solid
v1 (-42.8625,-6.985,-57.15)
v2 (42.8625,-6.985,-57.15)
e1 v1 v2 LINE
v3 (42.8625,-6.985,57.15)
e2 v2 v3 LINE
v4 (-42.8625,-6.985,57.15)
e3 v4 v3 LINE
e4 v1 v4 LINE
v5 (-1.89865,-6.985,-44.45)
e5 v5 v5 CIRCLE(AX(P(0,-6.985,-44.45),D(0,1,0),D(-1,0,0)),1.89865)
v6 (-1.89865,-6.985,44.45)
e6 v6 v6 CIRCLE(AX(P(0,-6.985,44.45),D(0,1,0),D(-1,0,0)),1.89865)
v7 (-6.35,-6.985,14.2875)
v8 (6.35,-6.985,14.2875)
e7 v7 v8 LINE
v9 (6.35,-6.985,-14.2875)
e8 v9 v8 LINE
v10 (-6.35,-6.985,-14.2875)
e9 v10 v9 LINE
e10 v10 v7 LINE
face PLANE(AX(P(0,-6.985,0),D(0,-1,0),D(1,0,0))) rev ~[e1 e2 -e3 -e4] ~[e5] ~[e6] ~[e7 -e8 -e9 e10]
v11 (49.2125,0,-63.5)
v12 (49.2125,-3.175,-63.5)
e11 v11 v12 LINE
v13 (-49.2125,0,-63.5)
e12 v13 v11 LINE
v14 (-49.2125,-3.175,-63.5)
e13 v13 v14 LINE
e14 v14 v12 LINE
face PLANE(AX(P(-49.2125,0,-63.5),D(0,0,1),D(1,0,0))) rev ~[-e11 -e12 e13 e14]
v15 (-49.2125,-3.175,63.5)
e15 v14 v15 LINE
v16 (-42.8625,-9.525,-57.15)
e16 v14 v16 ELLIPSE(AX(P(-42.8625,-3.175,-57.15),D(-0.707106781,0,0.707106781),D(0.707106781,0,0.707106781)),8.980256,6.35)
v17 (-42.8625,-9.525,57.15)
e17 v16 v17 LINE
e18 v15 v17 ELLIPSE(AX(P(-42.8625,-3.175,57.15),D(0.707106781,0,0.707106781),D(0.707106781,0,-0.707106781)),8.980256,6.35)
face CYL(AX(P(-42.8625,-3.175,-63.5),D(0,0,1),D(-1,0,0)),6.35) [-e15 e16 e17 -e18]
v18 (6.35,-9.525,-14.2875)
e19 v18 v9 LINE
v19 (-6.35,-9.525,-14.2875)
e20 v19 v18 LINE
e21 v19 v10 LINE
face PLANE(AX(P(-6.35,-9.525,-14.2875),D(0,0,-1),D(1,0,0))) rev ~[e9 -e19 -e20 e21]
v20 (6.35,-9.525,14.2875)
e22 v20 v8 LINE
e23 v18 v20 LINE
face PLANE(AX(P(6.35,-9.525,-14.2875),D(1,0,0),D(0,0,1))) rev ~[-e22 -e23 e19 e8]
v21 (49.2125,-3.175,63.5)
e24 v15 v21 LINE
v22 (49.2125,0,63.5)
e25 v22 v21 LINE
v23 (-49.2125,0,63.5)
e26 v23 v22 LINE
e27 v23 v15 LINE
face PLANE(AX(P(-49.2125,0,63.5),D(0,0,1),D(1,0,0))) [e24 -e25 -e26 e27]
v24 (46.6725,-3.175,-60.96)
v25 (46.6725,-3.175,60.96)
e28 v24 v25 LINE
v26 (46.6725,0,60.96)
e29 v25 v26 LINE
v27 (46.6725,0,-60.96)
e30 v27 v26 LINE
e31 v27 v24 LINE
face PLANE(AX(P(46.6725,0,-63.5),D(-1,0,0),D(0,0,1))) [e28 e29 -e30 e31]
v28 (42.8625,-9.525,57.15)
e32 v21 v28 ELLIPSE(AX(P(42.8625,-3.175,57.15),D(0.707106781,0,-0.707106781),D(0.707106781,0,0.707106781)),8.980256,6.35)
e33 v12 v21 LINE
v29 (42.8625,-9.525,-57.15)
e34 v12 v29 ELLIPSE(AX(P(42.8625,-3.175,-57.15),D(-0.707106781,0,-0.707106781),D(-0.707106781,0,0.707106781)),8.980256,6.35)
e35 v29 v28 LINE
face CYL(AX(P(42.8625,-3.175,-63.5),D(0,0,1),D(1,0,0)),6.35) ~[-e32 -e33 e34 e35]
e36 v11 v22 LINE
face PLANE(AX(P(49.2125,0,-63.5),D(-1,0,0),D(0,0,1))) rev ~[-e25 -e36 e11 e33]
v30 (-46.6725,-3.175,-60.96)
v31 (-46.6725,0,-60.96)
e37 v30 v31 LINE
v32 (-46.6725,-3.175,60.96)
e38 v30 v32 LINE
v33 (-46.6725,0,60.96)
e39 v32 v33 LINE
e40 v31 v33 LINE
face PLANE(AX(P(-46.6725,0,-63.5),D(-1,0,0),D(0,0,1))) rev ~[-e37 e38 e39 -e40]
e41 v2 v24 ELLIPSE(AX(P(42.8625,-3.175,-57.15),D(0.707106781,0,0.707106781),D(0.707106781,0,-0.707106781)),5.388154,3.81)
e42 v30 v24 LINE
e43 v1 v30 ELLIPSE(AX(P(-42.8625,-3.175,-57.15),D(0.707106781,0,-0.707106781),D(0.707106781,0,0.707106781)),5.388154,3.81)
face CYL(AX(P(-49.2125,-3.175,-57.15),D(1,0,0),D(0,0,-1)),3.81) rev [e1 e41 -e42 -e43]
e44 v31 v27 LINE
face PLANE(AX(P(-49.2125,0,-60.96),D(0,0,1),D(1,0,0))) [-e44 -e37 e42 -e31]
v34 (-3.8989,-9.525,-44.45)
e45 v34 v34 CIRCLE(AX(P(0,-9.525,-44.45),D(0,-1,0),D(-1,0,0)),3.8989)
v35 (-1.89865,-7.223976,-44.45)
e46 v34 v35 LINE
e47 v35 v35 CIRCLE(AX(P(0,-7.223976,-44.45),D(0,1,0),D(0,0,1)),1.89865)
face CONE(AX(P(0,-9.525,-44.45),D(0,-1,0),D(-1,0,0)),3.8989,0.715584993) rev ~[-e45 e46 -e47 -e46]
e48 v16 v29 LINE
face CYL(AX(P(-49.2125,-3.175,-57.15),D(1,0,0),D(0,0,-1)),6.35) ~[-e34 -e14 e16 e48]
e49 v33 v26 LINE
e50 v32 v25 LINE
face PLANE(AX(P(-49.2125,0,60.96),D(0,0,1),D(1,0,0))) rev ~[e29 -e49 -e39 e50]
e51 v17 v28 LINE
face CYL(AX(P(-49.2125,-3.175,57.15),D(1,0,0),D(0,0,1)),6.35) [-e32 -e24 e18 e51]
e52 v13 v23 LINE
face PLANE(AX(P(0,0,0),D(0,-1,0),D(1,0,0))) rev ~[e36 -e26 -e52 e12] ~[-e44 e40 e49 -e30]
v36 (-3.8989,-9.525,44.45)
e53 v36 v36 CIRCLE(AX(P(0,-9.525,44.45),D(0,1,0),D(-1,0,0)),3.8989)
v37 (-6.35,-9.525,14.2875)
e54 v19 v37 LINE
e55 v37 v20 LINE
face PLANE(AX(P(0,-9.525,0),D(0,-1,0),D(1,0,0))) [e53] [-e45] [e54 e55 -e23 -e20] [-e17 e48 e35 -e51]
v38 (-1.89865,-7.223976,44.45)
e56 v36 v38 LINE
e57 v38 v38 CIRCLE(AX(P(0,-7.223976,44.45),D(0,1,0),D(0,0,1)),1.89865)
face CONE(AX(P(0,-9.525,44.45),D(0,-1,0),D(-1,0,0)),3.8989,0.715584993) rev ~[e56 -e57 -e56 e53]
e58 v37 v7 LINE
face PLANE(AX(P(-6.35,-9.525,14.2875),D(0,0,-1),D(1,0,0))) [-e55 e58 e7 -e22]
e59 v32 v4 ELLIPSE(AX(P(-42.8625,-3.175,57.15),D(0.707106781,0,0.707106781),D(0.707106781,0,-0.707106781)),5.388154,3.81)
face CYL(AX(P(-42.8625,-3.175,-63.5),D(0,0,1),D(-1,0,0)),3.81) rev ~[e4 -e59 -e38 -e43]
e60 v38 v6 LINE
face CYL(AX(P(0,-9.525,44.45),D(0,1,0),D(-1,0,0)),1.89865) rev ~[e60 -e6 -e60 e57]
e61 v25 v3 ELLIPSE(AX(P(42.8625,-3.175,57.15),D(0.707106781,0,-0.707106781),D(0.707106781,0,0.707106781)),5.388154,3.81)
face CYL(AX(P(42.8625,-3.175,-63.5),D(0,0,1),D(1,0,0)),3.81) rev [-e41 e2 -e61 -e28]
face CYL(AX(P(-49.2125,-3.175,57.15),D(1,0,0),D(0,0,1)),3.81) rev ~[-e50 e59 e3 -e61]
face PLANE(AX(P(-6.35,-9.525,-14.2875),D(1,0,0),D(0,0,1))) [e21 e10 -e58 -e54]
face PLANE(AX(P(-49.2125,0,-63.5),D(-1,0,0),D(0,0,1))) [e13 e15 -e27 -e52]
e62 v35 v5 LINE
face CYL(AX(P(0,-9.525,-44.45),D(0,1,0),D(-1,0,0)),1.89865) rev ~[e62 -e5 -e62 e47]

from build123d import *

# Parameters (mm, degrees)
F0_W           = 98.425
F0_H           = 127
F1_DEPTH       = 9.525
F2_R           = 6.35
F3_T           = -2.54
F4_W           = 12.7
F4_H           = 28.575
F5_DEPTH       = 9.526
F6_D           = 3.7973
F6_DEPTH       = 12.7
F6_CSINK_D     = 7.7978
F6_CSINK_ANGLE = 82
F6_TIP         = 1.1408240143


with BuildPart() as f1:
    # F0 (on Front) → F1 (new body)
    with BuildSketch(Plane.XZ):
        Rectangle(F0_W, F0_H)
    extrude(amount=F1_DEPTH)

    # F2
    f2_edges = [f1.edges().sort_by_distance(p)[0] for p in [
        (49.2125, -9.525, 0),
        (0, -9.525, 63.5),
        (-49.2125, -9.525, 0),
        (0, -9.525, -63.5),
    ]]
    fillet(f2_edges, radius=F2_R)

    # F3
    f3_openings = [f1.faces().sort_by_distance(p)[0] for p in [
        (0, 0, 0),
    ]]
    offset(amount=F3_T, openings=f3_openings)

    # F4 (on face) → F5 (cut, through all)
    with BuildSketch(Plane.XZ.offset(9.525)):
        Rectangle(F4_W, F4_H)
    extrude(amount=-F5_DEPTH, mode=Mode.SUBTRACT)

    # F6
    with Locations(Plane.XZ.offset(9.525)):
        with Locations((0, 44.45), (0, -44.45)):
            CounterSinkHole(F6_D / 2, F6_CSINK_D / 2, depth=F6_DEPTH, counter_sink_angle=F6_CSINK_ANGLE)
            with Locations((0, 0, -(F6_DEPTH + F6_TIP / 2))):  # 118° drill point
                Cone(0, F6_D / 2, F6_TIP, mode=Mode.SUBTRACT)


solid = f1.part
